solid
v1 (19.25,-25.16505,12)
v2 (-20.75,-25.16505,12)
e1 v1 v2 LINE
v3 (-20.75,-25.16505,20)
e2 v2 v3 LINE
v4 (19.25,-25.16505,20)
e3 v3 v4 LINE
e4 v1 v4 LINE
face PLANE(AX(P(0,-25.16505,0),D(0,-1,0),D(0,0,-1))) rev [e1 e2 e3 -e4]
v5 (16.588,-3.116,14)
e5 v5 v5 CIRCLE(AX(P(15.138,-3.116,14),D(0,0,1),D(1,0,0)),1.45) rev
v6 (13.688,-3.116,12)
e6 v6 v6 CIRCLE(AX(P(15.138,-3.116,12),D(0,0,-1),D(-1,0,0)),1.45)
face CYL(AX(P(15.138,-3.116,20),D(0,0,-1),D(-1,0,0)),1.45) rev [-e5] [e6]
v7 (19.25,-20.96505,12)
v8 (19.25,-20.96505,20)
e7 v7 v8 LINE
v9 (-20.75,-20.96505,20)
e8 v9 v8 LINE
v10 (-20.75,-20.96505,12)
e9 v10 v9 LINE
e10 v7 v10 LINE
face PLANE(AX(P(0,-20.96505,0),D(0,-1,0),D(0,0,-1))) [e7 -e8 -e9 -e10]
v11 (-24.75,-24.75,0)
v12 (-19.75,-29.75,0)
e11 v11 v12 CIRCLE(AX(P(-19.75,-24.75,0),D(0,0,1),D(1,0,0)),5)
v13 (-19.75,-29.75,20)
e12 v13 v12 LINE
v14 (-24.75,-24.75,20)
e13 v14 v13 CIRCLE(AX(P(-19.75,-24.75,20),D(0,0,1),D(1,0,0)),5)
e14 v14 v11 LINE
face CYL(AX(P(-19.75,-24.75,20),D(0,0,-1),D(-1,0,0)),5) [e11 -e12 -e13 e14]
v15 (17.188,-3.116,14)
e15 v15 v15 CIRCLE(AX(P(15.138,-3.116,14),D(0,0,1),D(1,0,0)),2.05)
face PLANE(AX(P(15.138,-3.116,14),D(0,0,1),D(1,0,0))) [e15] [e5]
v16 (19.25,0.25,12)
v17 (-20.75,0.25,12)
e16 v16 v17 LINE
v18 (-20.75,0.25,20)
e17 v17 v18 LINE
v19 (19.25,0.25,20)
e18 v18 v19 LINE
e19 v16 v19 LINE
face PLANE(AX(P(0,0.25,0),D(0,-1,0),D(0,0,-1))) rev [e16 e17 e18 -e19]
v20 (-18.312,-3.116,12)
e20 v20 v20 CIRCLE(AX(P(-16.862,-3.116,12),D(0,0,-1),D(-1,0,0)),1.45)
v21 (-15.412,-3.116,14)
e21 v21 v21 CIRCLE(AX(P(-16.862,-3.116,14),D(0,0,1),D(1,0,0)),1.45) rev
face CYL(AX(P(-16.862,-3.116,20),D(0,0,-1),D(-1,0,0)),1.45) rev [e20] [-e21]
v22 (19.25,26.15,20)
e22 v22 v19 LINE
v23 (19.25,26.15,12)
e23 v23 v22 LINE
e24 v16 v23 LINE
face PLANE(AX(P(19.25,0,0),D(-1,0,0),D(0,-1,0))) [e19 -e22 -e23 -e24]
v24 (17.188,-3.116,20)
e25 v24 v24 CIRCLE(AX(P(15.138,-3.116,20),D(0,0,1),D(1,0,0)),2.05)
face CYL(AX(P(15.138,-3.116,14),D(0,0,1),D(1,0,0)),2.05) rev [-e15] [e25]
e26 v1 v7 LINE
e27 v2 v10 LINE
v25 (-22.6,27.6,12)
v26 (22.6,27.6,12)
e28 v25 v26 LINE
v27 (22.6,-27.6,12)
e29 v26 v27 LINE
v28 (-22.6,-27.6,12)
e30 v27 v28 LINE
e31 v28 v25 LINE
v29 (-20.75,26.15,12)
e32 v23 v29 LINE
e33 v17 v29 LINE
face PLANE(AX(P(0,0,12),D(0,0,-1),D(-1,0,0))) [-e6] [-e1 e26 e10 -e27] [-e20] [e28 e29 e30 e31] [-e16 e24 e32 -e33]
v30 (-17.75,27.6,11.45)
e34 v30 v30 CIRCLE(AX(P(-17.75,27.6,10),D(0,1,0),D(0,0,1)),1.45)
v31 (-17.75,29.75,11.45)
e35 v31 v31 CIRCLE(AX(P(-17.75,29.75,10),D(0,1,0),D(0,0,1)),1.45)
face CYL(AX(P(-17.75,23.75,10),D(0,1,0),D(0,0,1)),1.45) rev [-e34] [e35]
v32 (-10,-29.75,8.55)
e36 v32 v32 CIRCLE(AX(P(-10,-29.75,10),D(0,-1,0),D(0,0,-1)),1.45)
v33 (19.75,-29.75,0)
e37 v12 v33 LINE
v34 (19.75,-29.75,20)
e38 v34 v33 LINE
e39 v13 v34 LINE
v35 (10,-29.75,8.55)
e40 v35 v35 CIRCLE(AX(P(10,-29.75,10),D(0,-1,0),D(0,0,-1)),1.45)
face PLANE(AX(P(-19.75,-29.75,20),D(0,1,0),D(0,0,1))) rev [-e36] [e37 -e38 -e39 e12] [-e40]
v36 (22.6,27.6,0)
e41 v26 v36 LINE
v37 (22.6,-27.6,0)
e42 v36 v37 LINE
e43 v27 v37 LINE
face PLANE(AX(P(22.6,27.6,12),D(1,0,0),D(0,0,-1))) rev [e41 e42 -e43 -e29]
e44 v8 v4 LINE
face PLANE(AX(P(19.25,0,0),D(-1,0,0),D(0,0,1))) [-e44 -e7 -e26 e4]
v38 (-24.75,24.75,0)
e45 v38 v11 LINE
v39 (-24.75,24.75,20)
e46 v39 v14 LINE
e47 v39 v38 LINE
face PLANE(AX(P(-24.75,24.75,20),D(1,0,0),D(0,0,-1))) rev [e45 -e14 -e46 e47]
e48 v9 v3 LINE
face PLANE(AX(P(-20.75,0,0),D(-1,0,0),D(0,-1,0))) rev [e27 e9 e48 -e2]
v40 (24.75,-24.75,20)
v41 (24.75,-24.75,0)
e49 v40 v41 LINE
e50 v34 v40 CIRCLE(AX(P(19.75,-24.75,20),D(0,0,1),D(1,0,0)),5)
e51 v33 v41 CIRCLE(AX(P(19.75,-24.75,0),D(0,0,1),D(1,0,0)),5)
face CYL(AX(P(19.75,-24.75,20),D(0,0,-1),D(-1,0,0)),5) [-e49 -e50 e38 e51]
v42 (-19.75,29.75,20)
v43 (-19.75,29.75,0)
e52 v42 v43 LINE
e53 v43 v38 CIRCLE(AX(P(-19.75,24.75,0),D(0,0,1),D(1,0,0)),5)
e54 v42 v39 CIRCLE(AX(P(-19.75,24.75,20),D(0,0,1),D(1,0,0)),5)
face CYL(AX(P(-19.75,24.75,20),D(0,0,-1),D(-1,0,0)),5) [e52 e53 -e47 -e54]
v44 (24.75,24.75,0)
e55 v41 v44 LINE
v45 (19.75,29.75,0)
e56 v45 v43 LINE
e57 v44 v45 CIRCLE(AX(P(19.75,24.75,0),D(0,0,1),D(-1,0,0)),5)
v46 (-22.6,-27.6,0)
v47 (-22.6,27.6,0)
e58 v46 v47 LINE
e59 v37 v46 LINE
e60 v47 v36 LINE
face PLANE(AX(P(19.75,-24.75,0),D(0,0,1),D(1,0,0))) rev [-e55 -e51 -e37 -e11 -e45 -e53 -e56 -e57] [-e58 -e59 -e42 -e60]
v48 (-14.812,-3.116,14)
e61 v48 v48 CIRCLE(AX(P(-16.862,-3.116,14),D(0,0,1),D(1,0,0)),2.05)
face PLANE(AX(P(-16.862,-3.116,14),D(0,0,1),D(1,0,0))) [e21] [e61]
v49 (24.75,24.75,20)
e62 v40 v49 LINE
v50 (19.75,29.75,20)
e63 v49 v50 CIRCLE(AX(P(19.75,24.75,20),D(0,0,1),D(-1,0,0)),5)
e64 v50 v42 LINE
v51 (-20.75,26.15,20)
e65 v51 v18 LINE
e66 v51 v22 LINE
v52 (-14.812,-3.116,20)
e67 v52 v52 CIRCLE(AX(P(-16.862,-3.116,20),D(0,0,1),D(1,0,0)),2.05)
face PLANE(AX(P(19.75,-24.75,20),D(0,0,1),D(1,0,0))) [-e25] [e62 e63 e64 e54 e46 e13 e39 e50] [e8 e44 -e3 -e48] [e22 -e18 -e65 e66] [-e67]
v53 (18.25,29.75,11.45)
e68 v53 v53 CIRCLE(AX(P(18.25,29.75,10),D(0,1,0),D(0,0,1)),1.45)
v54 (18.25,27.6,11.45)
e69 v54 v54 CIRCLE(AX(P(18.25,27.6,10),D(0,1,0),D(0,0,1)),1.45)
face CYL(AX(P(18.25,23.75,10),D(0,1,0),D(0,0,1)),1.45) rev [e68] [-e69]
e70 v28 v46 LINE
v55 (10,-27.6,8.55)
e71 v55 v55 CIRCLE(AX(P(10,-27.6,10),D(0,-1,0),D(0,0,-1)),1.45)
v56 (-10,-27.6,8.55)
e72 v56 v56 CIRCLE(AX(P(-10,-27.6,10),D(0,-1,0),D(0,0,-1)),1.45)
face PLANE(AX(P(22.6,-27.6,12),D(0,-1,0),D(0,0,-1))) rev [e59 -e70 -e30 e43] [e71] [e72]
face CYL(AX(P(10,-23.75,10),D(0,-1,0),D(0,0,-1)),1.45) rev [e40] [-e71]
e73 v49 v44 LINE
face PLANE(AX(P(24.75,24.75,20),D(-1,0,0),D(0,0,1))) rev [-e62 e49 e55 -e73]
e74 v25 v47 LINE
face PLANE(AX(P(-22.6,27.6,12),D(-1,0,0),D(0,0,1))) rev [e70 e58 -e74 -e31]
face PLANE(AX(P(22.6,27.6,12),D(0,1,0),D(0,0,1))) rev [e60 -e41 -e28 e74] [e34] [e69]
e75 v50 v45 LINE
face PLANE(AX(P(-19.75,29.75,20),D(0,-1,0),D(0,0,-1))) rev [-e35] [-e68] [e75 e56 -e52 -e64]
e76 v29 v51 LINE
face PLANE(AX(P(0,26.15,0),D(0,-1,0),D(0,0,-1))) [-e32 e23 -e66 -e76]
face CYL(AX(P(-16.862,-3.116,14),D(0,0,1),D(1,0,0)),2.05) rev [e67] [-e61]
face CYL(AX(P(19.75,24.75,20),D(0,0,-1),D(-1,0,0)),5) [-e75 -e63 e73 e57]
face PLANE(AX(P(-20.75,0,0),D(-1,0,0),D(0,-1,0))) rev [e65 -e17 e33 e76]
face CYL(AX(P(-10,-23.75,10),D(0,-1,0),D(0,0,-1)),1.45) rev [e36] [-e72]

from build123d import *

# Parameters (mm, degrees)
EXTRUDE_1_DEPTH     = 20
SKETCH_2_W          = 45.2
SKETCH_2_H          = 55.2
CUT_EXTRUDE_1_DEPTH = 12
SKETCH_4_W          = 40
SKETCH_4_H          = 25.9
SKETCH_4_H_2        = 4.2
CUT_EXTRUDE_2_DEPTH = 21
SKETCH_6_R          = 1.45
CUT_EXTRUDE_4_DEPTH = 9
SKETCH_7_R          = 2.05
CUT_EXTRUDE_5_DEPTH = 6
SKETCH_8_R          = 1.45
CUT_EXTRUDE_6_DEPTH = 6
SKETCH_9_R          = 1.45
CUT_EXTRUDE_7_DEPTH = 6


with BuildPart() as part:
    # 草图1 → 凸台-拉伸1 (new body)
    with BuildSketch(Plane.XY):
        with BuildLine():
            Line((-19.75, 29.75), (19.75, 29.75))
            ThreePointArc((19.75, 29.75), (23.285533906, 28.285533906), (24.75, 24.75))
            Line((24.75, 24.75), (24.75, -24.75))
            ThreePointArc((24.75, -24.75), (23.285533906, -28.285533906), (19.75, -29.75))
            Line((19.75, -29.75), (-19.75, -29.75))
            ThreePointArc((-19.75, -29.75), (-23.285533906, -28.285533906), (-24.75, -24.75))
            Line((-24.75, -24.75), (-24.75, 24.75))
            ThreePointArc((-24.75, 24.75), (-23.285533906, 28.285533906), (-19.75, 29.75))
        make_face()
    extrude(amount=EXTRUDE_1_DEPTH)

    # 草图2 → 切除-拉伸1 (cut)
    with BuildSketch(Plane(origin=(0, 0, 0), x_dir=(-1, 0, 0), z_dir=(0, 0, -1))):
        Rectangle(SKETCH_2_W, SKETCH_2_H)
    extrude(amount=-CUT_EXTRUDE_1_DEPTH, mode=Mode.SUBTRACT)

    # 草图4 → 切除-拉伸2 (cut, through all)
    with BuildSketch(Plane.XY.offset(20)):
        with Locations((-0.75, 13.2)):
            Rectangle(SKETCH_4_W, SKETCH_4_H)
        with Locations((-0.75, -23.065049662)):
            Rectangle(SKETCH_4_W, SKETCH_4_H_2)
    extrude(amount=-CUT_EXTRUDE_2_DEPTH, mode=Mode.SUBTRACT)

    # 草图6 → 切除-拉伸4 (cut, through all)
    with BuildSketch(Plane(origin=(0, 0, 12), x_dir=(-1, 0, 0), z_dir=(0, 0, -1))):
        with Locations((16.862, -3.116)):
            Circle(SKETCH_6_R)
        with Locations((-15.138, -3.116)):
            Circle(SKETCH_6_R)
    extrude(amount=-CUT_EXTRUDE_4_DEPTH, mode=Mode.SUBTRACT)

    # 草图7 → 切除-拉伸5 (cut)
    with BuildSketch(Plane.XY.offset(20)):
        with Locations((-16.862, -3.116)):
            Circle(SKETCH_7_R)
        with Locations((15.138, -3.116)):
            Circle(SKETCH_7_R)
    extrude(amount=-CUT_EXTRUDE_5_DEPTH, mode=Mode.SUBTRACT)

    # 草图8 → 切除-拉伸6 (cut)
    with BuildSketch(Plane(origin=(0, 29.75, 0), x_dir=(1, 0, 0), z_dir=(0, 1, 0))):
        with Locations((-17.75, -10)):
            Circle(SKETCH_8_R)
        with Locations((18.25, -10)):
            Circle(SKETCH_8_R)
    extrude(amount=-CUT_EXTRUDE_6_DEPTH, mode=Mode.SUBTRACT)

    # 草图9 → 切除-拉伸7 (cut)
    with BuildSketch(Plane.XZ.offset(29.75)):
        with Locations((-10, 10)):
            Circle(SKETCH_9_R)
        with Locations((10, 10)):
            Circle(SKETCH_9_R)
    extrude(amount=-CUT_EXTRUDE_7_DEPTH, mode=Mode.SUBTRACT)


solid = part.part
